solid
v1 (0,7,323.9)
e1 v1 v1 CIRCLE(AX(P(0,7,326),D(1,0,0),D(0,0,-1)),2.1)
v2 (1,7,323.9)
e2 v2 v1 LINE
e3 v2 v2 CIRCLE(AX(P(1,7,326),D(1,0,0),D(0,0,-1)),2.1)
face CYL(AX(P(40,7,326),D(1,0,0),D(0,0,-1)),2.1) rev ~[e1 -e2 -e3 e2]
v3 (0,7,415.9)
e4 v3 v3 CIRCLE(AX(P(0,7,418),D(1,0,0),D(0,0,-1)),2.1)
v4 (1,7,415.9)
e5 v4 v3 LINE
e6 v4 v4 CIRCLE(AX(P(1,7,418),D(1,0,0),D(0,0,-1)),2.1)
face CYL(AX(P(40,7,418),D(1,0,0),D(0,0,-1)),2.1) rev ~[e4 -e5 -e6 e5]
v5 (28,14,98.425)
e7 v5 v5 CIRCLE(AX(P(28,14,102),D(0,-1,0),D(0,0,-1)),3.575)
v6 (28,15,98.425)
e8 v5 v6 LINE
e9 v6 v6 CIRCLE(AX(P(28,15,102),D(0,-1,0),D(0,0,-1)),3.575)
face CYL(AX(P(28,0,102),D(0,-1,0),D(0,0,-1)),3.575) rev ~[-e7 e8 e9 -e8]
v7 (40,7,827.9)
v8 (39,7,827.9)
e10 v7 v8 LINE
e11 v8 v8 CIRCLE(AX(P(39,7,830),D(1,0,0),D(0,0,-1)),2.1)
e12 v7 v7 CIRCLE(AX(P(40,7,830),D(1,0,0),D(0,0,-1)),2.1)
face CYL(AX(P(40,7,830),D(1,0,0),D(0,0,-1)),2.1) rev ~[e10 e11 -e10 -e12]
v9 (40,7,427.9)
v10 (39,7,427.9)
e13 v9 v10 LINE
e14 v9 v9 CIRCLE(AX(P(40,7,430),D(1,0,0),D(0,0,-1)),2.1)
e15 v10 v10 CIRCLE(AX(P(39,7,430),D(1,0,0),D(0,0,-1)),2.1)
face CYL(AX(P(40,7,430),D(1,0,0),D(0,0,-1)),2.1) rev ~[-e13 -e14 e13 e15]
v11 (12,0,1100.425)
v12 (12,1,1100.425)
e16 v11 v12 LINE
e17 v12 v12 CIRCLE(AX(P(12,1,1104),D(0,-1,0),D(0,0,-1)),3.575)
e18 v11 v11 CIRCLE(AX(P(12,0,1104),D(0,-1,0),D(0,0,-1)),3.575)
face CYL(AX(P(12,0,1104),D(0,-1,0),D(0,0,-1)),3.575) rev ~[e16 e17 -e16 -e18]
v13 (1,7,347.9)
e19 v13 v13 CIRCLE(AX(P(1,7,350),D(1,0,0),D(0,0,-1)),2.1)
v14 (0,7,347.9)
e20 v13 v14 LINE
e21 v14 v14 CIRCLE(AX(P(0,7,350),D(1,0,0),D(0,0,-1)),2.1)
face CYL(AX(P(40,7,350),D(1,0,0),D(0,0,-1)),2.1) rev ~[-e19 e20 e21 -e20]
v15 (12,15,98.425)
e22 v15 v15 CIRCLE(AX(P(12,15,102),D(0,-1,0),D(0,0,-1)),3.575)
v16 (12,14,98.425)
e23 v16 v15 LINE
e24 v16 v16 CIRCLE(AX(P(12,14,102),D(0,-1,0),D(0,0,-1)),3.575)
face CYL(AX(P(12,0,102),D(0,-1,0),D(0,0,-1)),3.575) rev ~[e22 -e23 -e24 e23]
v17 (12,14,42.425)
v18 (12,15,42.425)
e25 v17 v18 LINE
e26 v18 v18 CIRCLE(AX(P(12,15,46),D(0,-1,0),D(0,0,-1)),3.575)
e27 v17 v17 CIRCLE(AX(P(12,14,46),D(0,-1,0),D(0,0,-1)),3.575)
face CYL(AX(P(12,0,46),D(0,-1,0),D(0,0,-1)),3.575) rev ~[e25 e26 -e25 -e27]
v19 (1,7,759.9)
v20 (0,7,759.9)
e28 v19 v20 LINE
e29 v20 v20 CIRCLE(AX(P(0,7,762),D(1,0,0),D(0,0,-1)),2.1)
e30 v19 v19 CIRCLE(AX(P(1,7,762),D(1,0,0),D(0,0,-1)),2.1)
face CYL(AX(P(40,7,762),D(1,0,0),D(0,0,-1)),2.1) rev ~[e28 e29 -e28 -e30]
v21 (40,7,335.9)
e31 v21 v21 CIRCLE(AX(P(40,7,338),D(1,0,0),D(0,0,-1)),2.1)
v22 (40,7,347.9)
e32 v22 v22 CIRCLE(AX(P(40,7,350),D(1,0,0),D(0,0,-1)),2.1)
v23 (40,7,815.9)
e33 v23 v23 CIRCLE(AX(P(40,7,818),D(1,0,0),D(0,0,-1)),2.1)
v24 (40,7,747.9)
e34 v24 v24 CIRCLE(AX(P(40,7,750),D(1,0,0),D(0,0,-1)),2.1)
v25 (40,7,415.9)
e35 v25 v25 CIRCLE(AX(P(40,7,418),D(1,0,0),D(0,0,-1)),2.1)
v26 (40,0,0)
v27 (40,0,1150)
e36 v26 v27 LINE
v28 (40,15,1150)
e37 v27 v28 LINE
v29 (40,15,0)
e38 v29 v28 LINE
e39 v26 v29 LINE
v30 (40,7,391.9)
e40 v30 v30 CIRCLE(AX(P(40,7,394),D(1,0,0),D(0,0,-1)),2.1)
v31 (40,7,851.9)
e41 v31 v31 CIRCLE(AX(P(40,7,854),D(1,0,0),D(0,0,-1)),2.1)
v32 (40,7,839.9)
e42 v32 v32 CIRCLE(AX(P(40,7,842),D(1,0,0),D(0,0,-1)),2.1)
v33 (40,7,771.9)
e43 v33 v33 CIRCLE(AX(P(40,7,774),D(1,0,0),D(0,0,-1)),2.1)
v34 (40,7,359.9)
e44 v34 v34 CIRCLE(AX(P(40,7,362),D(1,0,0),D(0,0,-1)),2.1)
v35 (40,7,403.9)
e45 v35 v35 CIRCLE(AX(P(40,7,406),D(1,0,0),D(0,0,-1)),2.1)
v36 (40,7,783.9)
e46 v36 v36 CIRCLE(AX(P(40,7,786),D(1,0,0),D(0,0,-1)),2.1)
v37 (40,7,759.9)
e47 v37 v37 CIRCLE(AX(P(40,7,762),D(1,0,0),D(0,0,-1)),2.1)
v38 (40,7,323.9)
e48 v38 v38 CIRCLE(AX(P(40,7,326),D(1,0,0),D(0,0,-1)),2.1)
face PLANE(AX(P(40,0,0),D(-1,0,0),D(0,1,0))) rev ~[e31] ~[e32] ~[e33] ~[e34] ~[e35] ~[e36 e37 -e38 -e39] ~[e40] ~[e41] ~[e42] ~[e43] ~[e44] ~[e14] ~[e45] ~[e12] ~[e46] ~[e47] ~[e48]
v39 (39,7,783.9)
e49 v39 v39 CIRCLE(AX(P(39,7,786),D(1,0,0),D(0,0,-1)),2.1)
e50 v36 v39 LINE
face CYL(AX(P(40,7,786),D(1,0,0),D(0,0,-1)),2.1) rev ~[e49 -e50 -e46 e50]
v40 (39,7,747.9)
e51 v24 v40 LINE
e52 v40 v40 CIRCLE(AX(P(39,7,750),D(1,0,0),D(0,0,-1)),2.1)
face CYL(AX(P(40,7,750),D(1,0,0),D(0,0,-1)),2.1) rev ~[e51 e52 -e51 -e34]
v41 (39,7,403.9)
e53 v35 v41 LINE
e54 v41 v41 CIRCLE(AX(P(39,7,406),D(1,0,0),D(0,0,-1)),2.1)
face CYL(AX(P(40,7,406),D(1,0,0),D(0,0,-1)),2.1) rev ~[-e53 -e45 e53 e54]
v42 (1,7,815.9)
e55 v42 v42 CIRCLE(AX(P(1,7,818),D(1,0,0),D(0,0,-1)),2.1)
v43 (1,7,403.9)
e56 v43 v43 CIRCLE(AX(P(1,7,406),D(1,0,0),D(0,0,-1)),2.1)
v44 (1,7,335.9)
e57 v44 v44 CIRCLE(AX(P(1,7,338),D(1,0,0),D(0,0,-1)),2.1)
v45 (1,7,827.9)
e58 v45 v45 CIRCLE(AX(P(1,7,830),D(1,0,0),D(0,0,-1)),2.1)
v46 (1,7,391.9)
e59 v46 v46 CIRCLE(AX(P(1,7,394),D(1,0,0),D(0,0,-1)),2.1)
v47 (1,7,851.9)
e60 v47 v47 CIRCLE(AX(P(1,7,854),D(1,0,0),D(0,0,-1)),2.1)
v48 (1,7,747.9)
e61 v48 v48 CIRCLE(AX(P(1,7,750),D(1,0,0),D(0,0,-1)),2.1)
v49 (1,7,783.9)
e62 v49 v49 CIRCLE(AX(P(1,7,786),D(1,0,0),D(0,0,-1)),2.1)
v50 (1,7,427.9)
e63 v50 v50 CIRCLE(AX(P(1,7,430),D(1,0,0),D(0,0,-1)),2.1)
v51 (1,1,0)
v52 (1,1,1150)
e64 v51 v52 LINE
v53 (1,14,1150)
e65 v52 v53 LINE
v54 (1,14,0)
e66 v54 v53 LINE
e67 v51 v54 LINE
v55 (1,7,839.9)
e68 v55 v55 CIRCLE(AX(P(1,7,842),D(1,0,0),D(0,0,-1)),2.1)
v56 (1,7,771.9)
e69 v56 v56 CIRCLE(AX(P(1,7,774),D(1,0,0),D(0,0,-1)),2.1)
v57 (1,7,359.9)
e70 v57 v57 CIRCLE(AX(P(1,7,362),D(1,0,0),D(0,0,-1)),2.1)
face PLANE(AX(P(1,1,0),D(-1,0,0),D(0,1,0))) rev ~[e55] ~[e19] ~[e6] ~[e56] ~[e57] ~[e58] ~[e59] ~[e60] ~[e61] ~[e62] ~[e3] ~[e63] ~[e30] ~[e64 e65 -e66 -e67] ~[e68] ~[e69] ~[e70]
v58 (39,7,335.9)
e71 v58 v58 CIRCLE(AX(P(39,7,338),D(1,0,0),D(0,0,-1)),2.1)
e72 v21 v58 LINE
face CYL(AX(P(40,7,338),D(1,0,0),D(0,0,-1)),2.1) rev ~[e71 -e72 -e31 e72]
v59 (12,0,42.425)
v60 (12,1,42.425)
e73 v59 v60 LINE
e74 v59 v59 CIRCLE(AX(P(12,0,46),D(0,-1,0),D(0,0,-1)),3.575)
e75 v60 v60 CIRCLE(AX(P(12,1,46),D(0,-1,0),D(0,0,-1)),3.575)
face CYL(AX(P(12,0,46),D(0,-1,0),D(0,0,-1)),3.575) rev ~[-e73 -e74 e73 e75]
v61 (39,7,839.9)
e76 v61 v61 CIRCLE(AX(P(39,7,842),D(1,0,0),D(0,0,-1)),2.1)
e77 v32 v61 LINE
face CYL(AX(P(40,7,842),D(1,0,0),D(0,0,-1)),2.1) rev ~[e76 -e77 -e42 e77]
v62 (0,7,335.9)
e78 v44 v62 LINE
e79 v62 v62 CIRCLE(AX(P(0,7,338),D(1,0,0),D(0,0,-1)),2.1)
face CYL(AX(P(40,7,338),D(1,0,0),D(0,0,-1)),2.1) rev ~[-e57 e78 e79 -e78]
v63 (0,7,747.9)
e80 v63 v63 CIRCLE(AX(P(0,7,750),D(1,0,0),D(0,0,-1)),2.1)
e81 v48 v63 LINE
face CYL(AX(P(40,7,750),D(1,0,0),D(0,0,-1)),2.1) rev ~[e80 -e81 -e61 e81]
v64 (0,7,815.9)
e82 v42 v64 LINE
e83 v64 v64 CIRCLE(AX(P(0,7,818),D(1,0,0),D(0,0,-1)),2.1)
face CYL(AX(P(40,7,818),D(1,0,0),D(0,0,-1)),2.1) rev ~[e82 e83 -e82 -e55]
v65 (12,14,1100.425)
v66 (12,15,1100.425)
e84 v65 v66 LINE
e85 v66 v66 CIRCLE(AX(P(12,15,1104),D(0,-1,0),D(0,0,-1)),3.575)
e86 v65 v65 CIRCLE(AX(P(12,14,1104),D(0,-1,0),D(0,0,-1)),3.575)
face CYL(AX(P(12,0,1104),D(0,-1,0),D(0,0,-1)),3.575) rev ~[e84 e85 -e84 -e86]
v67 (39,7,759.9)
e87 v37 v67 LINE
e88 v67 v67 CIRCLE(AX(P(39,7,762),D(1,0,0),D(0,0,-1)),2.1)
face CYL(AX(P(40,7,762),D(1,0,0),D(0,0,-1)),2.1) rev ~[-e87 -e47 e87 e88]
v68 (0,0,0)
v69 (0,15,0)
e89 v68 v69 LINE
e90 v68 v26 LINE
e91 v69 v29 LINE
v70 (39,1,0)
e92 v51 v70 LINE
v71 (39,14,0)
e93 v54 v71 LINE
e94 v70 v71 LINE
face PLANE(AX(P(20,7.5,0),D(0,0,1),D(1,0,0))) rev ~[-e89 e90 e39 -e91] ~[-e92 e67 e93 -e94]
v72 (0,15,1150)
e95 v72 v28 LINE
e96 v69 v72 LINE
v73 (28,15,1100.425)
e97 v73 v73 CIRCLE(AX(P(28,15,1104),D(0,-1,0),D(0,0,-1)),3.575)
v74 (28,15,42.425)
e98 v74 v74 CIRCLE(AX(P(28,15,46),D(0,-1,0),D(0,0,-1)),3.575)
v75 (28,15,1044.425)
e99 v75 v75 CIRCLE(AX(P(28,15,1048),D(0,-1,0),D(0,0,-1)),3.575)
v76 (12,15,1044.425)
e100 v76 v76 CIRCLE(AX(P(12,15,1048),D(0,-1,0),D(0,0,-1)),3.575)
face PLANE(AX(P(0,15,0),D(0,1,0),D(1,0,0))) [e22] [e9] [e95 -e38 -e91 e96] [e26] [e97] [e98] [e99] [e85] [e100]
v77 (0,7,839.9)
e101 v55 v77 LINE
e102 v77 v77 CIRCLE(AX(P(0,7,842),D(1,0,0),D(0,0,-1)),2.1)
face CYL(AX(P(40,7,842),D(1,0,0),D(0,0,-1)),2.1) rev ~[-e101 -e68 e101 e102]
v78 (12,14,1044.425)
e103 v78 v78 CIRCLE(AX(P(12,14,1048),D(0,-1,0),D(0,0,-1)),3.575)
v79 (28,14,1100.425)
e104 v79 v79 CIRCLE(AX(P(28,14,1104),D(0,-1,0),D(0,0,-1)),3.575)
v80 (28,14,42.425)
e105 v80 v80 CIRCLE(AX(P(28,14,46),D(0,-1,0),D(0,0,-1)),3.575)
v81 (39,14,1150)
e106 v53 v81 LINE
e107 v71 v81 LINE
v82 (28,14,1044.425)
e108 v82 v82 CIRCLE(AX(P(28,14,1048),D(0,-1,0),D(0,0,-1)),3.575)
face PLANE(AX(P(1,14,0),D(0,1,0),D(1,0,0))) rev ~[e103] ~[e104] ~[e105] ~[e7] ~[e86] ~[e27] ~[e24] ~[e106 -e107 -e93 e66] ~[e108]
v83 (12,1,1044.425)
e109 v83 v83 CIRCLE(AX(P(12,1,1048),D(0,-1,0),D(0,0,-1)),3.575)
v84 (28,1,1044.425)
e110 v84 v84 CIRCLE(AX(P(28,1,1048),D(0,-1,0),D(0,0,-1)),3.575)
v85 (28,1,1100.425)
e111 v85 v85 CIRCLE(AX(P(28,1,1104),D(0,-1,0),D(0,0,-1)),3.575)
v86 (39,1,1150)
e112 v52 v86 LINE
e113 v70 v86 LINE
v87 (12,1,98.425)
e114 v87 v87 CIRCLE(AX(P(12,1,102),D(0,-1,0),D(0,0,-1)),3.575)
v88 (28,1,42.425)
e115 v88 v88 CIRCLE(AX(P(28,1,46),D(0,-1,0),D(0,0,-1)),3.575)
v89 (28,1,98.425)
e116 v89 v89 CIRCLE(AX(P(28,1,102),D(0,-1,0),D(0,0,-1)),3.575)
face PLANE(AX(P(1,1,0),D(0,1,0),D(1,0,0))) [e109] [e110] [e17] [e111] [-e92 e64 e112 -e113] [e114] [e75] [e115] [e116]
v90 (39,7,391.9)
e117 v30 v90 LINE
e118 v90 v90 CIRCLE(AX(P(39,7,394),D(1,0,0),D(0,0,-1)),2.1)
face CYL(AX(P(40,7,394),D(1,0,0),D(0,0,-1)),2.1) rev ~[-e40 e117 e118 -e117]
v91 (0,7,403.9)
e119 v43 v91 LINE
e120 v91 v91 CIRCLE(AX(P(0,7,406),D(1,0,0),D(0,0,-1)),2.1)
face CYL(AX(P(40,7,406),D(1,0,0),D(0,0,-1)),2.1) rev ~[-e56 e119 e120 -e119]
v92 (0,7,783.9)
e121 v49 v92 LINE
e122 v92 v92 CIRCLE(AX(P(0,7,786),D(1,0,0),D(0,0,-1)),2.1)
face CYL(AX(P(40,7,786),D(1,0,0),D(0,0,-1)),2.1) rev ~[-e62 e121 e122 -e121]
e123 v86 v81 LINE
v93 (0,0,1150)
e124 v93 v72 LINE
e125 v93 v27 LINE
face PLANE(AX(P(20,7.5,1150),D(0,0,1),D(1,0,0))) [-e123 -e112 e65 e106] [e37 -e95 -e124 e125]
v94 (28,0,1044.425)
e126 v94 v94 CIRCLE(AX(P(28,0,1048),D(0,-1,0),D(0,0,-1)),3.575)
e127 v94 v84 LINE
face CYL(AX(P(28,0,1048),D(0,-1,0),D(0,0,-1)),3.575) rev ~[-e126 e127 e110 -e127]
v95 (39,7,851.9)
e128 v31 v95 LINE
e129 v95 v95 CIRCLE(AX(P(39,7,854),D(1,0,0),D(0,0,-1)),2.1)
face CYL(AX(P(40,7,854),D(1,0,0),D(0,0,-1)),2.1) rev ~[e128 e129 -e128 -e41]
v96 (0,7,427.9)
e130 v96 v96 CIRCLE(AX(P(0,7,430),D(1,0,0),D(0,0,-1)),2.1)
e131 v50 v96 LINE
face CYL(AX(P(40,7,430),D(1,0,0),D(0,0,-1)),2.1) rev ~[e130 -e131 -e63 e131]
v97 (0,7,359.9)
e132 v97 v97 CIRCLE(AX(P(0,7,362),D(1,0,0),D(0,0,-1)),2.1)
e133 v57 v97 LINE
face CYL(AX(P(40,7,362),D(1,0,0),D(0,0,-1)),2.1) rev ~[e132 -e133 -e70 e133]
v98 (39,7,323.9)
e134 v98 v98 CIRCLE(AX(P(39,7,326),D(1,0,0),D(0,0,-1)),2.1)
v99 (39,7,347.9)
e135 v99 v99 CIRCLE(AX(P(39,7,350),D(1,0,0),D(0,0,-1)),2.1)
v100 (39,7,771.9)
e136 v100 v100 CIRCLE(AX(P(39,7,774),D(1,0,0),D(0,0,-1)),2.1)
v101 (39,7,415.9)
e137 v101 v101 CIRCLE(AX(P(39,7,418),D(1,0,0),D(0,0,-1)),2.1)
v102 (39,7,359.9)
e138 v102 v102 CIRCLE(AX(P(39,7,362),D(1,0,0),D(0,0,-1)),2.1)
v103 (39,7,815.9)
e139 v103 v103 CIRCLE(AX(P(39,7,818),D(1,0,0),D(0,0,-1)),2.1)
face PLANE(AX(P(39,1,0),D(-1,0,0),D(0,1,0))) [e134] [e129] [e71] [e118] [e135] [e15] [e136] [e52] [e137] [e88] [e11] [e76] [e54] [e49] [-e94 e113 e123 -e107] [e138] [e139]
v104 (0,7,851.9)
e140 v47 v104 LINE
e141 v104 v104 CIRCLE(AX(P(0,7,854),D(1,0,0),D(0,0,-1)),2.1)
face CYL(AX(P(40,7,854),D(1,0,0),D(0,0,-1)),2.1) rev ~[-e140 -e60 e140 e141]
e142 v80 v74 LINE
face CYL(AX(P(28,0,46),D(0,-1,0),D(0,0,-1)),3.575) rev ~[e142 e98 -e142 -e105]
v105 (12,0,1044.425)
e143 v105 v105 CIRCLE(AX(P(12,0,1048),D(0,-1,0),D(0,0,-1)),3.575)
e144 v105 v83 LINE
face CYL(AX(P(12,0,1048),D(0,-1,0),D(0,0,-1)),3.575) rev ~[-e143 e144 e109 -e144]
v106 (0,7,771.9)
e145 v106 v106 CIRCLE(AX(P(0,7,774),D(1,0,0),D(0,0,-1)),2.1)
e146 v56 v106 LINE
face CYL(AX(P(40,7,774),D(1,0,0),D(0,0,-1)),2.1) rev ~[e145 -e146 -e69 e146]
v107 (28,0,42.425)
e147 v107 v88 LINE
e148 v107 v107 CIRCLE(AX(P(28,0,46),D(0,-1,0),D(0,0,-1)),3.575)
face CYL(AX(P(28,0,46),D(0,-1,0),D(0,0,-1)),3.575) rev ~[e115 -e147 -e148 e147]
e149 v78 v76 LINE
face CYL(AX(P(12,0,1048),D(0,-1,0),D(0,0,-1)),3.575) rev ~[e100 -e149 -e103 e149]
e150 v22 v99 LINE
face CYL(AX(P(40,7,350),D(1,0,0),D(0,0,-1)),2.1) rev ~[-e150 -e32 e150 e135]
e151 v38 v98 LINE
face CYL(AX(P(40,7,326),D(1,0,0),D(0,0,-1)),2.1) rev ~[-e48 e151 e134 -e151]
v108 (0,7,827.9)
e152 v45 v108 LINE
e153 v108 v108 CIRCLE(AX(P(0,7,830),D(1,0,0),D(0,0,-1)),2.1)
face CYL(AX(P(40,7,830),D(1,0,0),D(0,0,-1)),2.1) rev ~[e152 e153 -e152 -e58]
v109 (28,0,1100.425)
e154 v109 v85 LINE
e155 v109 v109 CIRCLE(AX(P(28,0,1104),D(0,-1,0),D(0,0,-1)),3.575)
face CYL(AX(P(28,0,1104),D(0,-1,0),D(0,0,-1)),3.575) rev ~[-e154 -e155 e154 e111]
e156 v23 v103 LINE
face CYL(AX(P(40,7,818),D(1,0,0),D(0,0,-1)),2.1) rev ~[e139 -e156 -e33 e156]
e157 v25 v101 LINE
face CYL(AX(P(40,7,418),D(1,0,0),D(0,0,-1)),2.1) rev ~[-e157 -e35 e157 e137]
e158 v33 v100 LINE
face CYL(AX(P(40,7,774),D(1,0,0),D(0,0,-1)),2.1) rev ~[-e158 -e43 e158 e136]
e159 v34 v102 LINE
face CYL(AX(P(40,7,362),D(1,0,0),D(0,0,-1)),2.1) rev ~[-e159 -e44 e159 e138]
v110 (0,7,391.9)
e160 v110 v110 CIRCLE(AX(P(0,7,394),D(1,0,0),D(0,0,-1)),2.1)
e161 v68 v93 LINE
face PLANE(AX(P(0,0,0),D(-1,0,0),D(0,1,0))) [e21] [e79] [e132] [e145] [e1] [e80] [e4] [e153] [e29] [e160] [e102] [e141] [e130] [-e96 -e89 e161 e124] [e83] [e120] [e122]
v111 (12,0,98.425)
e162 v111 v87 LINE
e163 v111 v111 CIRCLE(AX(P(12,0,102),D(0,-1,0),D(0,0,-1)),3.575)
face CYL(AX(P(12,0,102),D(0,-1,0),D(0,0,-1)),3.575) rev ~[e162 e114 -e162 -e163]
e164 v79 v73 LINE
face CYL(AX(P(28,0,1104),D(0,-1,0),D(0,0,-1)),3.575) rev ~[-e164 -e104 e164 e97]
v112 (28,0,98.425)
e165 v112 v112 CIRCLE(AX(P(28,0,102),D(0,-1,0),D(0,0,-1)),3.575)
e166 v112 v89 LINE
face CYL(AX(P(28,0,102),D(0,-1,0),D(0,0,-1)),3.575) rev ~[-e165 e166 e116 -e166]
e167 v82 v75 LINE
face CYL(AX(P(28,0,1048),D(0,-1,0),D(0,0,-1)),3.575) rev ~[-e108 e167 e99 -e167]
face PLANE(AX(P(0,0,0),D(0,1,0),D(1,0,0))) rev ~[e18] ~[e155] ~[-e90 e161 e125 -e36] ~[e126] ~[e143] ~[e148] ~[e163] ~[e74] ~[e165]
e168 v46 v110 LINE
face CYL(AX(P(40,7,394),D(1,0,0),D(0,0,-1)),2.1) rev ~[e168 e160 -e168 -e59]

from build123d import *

# Parameters (mm, degrees)
SKETCH_1_W          = 40
SKETCH_1_H          = 15
SKETCH_1_W_2        = 38
SKETCH_1_H_2        = 13
EXTRUDE_1_DEPTH     = 1150
SKETCH_2_R          = 3.575
CUT_EXTRUDE_1_DEPTH = 1151.793204707
SKETCH_3_R          = 2.1
CUT_EXTRUDE_2_DEPTH = 1151.793204707


with BuildPart() as part:
    # 草图1 → 凸台-拉伸1 (new body)
    with BuildSketch(Plane.XY):
        with Locations((20, 7.5)):
            Rectangle(SKETCH_1_W, SKETCH_1_H)
        with Locations((20, 7.5)):
            Rectangle(SKETCH_1_W_2, SKETCH_1_H_2, mode=Mode.SUBTRACT)
    extrude(amount=EXTRUDE_1_DEPTH)

    # 草图2 → 切除-拉伸1 (cut, through all)
    with BuildSketch(Plane.XZ):
        with Locations(Location((12, 46, 0), (0, 0, 270))):
            Circle(SKETCH_2_R)
        with Locations(Location((28, 46, 0), (0, 0, 270))):
            Circle(SKETCH_2_R)
        with Locations(Location((12, 102, 0), (0, 0, 270))):
            Circle(SKETCH_2_R)
        with Locations(Location((28, 102, 0), (0, 0, 270))):
            Circle(SKETCH_2_R)
        with Locations(Location((12, 1104, 0), (0, 0, 270))):
            Circle(SKETCH_2_R)
        with Locations(Location((28, 1104, 0), (0, 0, 270))):
            Circle(SKETCH_2_R)
        with Locations(Location((12, 1048, 0), (0, 0, 270))):
            Circle(SKETCH_2_R)
        with Locations(Location((28, 1048, 0), (0, 0, 270))):
            Circle(SKETCH_2_R)
    extrude(amount=-CUT_EXTRUDE_1_DEPTH, mode=Mode.SUBTRACT)

    # 草图3 → 切除-拉伸2 (cut, through all)
    with BuildSketch(Plane(origin=(40, 0, 0), x_dir=(0, 0, -1), z_dir=(1, 0, 0))):
        with Locations((-430, 7)):
            Circle(SKETCH_3_R)
        with Locations((-418, 7)):
            Circle(SKETCH_3_R)
        with Locations((-338, 7)):
            Circle(SKETCH_3_R)
        with Locations((-326, 7)):
            Circle(SKETCH_3_R)
        with Locations((-406, 7)):
            Circle(SKETCH_3_R)
        with Locations((-394, 7)):
            Circle(SKETCH_3_R)
        with Locations((-362, 7)):
            Circle(SKETCH_3_R)
        with Locations((-350, 7)):
            Circle(SKETCH_3_R)
        with Locations((-854, 7)):
            Circle(SKETCH_3_R)
        with Locations((-842, 7)):
            Circle(SKETCH_3_R)
        with Locations((-762, 7)):
            Circle(SKETCH_3_R)
        with Locations((-750, 7)):
            Circle(SKETCH_3_R)
        with Locations((-830, 7)):
            Circle(SKETCH_3_R)
        with Locations((-818, 7)):
            Circle(SKETCH_3_R)
        with Locations((-786, 7)):
            Circle(SKETCH_3_R)
        with Locations((-774, 7)):
            Circle(SKETCH_3_R)
    extrude(amount=-CUT_EXTRUDE_2_DEPTH, mode=Mode.SUBTRACT)


solid = part.part
